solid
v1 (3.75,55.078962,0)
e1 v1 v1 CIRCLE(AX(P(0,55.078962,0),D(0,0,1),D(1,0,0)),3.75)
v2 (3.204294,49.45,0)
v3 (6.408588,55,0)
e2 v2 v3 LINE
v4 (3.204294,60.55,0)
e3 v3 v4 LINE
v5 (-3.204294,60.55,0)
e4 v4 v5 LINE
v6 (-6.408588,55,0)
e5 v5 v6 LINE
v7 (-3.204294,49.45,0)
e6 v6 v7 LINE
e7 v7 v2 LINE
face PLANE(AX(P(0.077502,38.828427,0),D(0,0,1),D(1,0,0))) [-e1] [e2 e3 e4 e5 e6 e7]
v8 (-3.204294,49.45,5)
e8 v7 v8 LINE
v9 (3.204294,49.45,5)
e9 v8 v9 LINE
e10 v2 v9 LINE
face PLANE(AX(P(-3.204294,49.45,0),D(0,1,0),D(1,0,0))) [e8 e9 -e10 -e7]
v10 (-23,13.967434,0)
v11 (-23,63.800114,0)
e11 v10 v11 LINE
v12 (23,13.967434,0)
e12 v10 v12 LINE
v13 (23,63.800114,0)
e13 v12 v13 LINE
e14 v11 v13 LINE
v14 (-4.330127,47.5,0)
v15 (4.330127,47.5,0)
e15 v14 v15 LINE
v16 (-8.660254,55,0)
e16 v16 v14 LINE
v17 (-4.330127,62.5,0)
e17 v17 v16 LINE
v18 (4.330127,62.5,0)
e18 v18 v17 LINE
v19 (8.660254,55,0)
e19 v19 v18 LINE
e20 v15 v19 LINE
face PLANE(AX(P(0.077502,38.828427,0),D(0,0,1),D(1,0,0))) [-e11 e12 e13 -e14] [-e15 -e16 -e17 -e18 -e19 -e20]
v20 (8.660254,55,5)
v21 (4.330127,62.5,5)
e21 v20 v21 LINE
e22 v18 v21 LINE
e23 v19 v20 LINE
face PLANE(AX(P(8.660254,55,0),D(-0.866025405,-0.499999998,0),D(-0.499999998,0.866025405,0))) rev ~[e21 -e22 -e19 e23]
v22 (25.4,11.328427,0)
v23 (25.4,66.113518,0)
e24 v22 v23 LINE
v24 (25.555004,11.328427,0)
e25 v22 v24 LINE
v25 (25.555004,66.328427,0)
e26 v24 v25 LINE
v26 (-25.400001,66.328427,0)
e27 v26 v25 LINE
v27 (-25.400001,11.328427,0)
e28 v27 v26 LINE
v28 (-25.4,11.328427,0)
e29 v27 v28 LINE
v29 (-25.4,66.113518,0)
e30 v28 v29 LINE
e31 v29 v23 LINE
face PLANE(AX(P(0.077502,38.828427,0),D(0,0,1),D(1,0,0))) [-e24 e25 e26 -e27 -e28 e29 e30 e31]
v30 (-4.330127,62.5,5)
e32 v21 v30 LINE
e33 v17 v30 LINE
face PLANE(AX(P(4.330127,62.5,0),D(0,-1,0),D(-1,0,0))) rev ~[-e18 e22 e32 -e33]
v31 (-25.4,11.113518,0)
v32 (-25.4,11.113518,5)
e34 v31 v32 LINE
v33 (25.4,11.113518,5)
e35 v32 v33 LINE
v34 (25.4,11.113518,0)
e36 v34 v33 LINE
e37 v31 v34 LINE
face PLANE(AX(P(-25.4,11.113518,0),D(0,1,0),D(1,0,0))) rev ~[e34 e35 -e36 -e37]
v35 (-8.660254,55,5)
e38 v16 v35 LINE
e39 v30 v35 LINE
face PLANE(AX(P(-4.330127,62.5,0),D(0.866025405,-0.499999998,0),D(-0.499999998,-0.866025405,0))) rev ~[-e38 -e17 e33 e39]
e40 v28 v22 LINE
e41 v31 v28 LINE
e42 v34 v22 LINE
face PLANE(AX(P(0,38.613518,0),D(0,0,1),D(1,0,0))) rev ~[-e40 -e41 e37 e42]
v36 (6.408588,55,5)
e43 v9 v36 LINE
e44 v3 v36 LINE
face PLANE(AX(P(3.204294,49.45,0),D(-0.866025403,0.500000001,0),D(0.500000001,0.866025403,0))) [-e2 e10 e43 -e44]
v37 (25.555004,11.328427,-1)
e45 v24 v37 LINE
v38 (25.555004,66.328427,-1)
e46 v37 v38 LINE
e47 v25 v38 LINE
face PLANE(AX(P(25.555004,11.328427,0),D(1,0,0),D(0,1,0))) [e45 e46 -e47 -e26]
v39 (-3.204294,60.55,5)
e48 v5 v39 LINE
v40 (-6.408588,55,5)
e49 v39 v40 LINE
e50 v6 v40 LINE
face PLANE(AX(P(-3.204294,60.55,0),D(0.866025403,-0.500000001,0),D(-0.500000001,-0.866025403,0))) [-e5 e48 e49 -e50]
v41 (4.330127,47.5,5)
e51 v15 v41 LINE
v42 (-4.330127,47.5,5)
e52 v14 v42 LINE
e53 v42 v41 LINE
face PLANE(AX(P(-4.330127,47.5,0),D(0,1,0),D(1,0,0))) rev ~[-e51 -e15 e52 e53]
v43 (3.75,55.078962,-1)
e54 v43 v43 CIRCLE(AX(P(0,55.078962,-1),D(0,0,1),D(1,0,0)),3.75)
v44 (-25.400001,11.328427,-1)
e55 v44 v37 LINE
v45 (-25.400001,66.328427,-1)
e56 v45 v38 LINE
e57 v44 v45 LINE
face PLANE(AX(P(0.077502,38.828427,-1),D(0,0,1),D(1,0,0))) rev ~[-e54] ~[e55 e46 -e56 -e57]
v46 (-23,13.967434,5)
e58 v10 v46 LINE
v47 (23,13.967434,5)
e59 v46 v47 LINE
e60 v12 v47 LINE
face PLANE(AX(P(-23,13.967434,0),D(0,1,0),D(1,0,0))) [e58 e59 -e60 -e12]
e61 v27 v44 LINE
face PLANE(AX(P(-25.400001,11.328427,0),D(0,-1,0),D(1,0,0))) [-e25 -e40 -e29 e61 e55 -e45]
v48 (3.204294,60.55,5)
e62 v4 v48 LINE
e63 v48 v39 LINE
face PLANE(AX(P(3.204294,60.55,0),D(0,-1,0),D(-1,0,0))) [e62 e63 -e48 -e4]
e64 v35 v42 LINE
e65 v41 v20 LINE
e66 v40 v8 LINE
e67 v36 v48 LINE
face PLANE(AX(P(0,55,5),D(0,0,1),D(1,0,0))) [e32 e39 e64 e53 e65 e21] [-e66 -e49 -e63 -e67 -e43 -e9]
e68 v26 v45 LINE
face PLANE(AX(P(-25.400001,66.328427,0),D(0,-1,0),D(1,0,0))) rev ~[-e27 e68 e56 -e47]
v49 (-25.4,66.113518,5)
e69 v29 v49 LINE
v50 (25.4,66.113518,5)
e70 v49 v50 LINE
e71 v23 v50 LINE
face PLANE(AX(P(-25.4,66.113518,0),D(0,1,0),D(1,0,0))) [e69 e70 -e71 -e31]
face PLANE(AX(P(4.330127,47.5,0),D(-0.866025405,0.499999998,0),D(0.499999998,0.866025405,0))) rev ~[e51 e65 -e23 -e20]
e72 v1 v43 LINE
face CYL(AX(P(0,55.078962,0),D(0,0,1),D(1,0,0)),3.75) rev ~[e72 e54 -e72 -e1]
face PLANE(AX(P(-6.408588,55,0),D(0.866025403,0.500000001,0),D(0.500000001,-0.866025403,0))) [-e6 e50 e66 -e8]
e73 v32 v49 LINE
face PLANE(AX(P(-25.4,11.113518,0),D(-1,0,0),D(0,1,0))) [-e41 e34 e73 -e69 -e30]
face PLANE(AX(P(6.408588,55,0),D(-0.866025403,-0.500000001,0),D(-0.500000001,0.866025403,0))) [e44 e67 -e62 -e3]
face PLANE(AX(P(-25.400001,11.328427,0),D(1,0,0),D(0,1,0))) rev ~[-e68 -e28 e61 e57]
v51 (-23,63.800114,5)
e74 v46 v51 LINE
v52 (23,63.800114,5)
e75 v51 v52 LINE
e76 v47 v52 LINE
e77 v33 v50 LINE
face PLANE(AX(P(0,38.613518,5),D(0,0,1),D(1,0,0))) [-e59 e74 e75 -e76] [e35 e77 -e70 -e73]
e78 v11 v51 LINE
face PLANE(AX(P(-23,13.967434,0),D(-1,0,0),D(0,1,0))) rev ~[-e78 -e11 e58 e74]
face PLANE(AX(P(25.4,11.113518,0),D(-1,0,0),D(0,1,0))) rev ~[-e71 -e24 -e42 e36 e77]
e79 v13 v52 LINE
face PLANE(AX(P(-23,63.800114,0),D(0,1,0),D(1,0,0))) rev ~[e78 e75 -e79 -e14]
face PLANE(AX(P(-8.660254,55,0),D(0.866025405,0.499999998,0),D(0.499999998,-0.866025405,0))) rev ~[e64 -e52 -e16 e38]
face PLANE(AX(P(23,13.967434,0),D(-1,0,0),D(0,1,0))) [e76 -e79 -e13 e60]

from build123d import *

# Parameters (mm, degrees)
PAD005_DEPTH  = 5
SKETCH007_W   = 50.955005
SKETCH007_H   = 55
SKETCH007_R   = 3.75
PAD006_DEPTH  = 1
SKETCH008_W   = 50.8
SKETCH008_H   = 55
SKETCH008_W_2 = 46
SKETCH008_H_2 = 49.832681
PAD007_DEPTH  = 5


with BuildPart() as part:
    # Sketch006 → Pad005 (new body)
    with BuildSketch(Plane.XY):
        Polygon((4.330127, 47.5), (8.660254, 55), (4.330127, 62.5), (-4.330127, 62.5), (-8.660254, 55), (-4.330127, 47.5), align=None)
        Polygon((3.204294, 49.45), (6.408588, 55), (3.204294, 60.55), (-3.204294, 60.55), (-6.408588, 55), (-3.204294, 49.45), align=None, mode=Mode.SUBTRACT)
    extrude(amount=PAD005_DEPTH)

    # Sketch007 → Pad006 (join)
    with BuildSketch(Plane.XY):
        with Locations((0.077502, 38.828427)):
            Rectangle(SKETCH007_W, SKETCH007_H)
        with Locations((0, 55.078962)):
            Circle(SKETCH007_R, mode=Mode.SUBTRACT)
    extrude(amount=-PAD006_DEPTH)

    # Sketch008 → Pad007 (join)
    with BuildSketch(Plane.XY):
        with Locations((0, 38.613518)):
            Rectangle(SKETCH008_W, SKETCH008_H)
        with Locations((0, 38.883774)):
            Rectangle(SKETCH008_W_2, SKETCH008_H_2, mode=Mode.SUBTRACT)
    extrude(amount=PAD007_DEPTH)


solid = part.part
